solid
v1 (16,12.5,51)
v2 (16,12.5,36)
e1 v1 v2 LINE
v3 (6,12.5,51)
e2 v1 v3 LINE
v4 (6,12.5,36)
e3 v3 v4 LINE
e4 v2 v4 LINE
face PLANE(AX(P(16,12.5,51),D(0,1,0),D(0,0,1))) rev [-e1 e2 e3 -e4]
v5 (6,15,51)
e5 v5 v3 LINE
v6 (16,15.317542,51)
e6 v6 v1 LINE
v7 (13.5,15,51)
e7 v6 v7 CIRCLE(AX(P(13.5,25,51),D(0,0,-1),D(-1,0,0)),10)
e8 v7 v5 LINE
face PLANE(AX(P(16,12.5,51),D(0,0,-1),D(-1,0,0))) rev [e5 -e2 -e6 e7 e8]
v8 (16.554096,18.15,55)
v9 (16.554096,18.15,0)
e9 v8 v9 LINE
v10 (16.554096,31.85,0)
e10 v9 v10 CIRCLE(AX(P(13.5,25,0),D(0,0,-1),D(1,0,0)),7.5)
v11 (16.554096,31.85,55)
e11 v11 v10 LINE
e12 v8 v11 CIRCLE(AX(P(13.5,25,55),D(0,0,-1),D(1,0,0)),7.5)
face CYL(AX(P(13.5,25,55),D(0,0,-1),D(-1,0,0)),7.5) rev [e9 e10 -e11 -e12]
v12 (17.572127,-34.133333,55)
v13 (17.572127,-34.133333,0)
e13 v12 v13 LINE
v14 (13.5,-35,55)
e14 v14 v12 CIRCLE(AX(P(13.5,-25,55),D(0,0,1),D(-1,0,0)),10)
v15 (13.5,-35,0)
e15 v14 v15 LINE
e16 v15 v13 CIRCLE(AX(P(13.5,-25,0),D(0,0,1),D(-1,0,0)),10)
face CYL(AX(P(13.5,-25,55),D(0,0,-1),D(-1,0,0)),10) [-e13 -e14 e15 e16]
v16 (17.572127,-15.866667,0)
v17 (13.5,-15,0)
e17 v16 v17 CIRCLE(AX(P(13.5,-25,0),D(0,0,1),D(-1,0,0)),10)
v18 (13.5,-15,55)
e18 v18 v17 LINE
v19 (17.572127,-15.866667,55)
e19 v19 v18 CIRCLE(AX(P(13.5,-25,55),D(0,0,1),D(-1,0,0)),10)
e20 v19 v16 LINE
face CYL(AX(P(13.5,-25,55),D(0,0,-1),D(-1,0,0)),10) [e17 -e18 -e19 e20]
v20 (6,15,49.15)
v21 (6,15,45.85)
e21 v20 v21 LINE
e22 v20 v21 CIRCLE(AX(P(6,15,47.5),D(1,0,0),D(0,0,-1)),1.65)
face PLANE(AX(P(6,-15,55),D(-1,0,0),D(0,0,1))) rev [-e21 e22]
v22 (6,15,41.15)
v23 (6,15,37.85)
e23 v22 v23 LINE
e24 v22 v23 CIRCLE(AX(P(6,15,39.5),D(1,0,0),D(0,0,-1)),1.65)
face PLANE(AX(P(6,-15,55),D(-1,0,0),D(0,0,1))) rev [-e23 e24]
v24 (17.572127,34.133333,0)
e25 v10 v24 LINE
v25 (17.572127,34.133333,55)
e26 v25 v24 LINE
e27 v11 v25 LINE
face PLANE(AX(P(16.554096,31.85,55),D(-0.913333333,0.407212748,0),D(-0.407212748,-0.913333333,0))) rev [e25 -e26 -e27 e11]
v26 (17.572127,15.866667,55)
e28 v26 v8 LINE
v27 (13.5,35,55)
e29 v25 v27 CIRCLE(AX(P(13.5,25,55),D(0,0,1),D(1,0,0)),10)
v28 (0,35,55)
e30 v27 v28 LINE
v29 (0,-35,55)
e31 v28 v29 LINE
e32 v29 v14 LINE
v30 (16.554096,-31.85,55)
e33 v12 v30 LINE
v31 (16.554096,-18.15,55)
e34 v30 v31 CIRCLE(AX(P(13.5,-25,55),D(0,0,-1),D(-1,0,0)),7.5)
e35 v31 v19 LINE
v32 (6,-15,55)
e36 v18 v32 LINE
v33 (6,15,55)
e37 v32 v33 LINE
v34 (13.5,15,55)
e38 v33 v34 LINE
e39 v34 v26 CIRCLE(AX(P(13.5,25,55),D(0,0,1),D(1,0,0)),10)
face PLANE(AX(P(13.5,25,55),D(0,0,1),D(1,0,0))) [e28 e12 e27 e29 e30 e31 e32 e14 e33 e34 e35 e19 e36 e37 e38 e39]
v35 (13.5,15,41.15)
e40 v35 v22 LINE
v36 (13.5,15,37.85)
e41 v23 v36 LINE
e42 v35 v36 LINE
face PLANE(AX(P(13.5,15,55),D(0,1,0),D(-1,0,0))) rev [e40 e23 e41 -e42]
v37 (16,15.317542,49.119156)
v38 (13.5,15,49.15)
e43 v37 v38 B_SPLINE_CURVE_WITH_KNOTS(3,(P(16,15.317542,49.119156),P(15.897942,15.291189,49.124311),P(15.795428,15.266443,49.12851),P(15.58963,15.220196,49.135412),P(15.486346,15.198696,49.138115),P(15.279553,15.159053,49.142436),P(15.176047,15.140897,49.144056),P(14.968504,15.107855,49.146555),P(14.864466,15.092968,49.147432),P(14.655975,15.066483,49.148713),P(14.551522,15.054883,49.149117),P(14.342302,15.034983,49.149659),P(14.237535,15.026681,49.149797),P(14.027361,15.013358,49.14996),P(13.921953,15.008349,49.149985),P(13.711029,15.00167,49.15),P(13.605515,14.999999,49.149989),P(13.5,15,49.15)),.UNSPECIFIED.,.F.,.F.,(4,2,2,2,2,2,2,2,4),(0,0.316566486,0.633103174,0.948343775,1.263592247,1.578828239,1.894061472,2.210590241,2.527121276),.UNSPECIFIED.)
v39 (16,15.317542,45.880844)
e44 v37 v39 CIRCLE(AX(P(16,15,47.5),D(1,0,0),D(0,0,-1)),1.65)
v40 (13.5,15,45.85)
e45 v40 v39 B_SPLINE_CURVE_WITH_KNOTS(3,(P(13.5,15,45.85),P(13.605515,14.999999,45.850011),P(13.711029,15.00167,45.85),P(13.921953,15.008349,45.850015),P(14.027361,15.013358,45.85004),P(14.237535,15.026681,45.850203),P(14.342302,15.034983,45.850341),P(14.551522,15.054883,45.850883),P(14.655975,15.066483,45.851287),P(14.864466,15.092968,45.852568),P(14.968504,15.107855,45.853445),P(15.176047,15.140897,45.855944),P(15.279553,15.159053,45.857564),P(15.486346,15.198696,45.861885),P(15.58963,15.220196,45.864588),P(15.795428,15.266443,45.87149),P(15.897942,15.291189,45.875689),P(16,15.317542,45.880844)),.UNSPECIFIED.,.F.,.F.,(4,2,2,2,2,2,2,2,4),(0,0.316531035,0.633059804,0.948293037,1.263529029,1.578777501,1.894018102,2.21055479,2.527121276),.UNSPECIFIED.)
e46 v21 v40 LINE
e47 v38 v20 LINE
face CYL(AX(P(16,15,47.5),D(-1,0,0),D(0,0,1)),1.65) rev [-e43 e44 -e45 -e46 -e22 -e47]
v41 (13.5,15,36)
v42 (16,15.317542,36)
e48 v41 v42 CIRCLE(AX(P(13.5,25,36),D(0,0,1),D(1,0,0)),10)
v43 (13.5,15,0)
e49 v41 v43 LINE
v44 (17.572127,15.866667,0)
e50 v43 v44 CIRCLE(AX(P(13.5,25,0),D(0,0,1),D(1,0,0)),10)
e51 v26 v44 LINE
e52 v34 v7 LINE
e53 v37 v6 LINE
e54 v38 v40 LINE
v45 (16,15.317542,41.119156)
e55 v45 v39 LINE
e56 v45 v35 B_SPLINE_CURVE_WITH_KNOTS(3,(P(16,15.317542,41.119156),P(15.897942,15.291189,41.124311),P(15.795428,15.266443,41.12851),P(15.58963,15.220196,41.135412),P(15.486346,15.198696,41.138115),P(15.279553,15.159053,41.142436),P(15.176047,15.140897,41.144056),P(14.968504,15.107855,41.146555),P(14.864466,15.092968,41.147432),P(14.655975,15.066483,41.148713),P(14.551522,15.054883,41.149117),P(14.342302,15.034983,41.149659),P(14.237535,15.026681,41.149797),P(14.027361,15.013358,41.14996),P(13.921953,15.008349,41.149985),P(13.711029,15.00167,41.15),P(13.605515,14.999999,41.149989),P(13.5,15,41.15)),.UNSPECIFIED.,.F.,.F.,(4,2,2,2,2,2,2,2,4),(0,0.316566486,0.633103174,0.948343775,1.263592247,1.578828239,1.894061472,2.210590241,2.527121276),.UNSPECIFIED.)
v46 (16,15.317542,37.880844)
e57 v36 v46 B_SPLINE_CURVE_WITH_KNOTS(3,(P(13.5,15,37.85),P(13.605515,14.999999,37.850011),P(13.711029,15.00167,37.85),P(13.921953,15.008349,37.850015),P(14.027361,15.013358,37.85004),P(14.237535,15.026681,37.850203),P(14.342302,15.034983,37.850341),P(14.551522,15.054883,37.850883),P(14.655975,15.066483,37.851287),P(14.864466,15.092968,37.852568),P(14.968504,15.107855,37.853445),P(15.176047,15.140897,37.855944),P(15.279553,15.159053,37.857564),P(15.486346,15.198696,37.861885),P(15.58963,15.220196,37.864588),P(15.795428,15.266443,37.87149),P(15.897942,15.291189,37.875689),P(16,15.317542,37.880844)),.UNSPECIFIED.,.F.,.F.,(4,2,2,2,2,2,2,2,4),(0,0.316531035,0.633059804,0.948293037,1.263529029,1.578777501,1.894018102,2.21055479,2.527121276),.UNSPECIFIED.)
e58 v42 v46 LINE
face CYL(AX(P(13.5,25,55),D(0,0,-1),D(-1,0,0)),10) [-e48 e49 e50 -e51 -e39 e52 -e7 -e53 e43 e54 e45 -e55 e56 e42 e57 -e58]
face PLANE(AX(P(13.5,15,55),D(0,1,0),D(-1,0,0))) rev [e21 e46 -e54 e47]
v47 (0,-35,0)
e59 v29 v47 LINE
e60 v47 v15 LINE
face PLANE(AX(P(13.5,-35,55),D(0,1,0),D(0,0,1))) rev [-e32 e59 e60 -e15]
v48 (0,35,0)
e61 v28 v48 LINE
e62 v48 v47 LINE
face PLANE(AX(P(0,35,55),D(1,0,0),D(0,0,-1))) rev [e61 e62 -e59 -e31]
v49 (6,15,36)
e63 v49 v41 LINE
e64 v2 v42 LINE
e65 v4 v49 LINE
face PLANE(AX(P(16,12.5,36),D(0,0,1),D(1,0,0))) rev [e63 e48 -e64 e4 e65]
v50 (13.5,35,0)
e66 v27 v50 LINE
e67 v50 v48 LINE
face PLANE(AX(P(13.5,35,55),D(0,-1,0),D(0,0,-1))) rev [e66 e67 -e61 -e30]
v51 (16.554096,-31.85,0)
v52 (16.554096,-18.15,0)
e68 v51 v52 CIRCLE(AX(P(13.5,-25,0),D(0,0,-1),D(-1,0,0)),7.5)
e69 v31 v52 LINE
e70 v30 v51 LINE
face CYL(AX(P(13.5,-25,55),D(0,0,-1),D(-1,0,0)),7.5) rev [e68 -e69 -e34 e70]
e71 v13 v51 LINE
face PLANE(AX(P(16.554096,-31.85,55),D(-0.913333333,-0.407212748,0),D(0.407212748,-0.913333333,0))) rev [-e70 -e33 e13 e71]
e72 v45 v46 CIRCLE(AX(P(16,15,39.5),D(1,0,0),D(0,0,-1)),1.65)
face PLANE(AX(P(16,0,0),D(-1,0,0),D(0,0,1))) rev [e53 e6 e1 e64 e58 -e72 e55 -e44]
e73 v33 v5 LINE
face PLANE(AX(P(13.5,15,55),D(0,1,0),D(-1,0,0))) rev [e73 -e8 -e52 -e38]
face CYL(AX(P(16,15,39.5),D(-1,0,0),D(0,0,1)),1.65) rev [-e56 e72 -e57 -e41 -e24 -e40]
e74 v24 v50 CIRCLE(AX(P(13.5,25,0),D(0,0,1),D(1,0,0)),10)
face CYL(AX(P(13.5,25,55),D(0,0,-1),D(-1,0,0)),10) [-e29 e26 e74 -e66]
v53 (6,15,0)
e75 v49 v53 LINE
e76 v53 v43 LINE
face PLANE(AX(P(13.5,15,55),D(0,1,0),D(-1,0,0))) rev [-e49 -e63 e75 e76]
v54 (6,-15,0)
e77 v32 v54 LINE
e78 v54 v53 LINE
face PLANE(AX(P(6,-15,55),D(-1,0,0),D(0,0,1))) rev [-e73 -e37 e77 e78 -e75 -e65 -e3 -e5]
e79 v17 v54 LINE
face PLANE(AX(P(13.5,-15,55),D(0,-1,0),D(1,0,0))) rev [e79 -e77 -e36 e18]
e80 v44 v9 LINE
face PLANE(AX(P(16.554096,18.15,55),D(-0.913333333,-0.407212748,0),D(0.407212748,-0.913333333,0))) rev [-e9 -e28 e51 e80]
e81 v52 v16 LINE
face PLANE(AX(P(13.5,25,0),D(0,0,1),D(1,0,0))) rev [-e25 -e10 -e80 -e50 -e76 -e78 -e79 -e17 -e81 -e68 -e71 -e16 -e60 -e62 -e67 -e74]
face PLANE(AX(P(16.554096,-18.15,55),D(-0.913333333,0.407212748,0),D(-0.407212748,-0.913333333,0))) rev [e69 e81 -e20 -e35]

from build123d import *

# Parameters (mm, degrees)
RESSALTO_EXTRUS_O1_DEPTH = 55
ESBO_O3_W                = 15
ESBO_O3_H                = 5
ESBO_O3_R                = 1.65
RESSALTO_EXTRUS_O2_DEPTH = 10


with BuildPart() as part:
    # Esboço1 → Ressalto-extrusão1 (new body)
    with BuildSketch(Plane.XY):
        with BuildLine():
            Line((0, 35), (0, -35))
            Line((0, -35), (13.5, -35))
            ThreePointArc((13.5, -35), (15.581665999, -34.780933834), (17.572127481, -34.133333333))
            Line((17.572127481, -34.133333333), (16.554095611, -31.85))
            ThreePointArc((16.554095611, -31.85), (6, -25), (16.554095611, -18.15))
            Line((16.554095611, -18.15), (17.572127481, -15.866666667))
            ThreePointArc((17.572127481, -15.866666667), (15.581665999, -15.219066166), (13.5, -15))
            Line((13.5, -15), (6, -15))
            Line((6, -15), (6, 15))
            Line((6, 15), (13.5, 15))
            ThreePointArc((13.5, 15), (15.581665999, 15.219066166), (17.572127481, 15.866666667))
            Line((17.572127481, 15.866666667), (16.554095611, 18.15))
            ThreePointArc((16.554095611, 18.15), (6, 25), (16.554095611, 31.85))
            Line((16.554095611, 31.85), (17.572127481, 34.133333333))
            ThreePointArc((17.572127481, 34.133333333), (15.581665999, 34.780933834), (13.5, 35))
            Line((13.5, 35), (0, 35))
        make_face()
    extrude(amount=RESSALTO_EXTRUS_O1_DEPTH)

    # Esboço3 → Ressalto-extrusão2 (add)
    with BuildSketch(Plane(origin=(6, 0, 0), x_dir=(0, 0, -1), z_dir=(1, 0, 0))):
        with Locations((-43.5, 15)):
            Rectangle(ESBO_O3_W, ESBO_O3_H)
        with Locations((-47.5, 15)):
            Circle(ESBO_O3_R, mode=Mode.SUBTRACT)
        with Locations((-39.5, 15)):
            Circle(ESBO_O3_R, mode=Mode.SUBTRACT)
    extrude(amount=RESSALTO_EXTRUS_O2_DEPTH)


solid = part.part
